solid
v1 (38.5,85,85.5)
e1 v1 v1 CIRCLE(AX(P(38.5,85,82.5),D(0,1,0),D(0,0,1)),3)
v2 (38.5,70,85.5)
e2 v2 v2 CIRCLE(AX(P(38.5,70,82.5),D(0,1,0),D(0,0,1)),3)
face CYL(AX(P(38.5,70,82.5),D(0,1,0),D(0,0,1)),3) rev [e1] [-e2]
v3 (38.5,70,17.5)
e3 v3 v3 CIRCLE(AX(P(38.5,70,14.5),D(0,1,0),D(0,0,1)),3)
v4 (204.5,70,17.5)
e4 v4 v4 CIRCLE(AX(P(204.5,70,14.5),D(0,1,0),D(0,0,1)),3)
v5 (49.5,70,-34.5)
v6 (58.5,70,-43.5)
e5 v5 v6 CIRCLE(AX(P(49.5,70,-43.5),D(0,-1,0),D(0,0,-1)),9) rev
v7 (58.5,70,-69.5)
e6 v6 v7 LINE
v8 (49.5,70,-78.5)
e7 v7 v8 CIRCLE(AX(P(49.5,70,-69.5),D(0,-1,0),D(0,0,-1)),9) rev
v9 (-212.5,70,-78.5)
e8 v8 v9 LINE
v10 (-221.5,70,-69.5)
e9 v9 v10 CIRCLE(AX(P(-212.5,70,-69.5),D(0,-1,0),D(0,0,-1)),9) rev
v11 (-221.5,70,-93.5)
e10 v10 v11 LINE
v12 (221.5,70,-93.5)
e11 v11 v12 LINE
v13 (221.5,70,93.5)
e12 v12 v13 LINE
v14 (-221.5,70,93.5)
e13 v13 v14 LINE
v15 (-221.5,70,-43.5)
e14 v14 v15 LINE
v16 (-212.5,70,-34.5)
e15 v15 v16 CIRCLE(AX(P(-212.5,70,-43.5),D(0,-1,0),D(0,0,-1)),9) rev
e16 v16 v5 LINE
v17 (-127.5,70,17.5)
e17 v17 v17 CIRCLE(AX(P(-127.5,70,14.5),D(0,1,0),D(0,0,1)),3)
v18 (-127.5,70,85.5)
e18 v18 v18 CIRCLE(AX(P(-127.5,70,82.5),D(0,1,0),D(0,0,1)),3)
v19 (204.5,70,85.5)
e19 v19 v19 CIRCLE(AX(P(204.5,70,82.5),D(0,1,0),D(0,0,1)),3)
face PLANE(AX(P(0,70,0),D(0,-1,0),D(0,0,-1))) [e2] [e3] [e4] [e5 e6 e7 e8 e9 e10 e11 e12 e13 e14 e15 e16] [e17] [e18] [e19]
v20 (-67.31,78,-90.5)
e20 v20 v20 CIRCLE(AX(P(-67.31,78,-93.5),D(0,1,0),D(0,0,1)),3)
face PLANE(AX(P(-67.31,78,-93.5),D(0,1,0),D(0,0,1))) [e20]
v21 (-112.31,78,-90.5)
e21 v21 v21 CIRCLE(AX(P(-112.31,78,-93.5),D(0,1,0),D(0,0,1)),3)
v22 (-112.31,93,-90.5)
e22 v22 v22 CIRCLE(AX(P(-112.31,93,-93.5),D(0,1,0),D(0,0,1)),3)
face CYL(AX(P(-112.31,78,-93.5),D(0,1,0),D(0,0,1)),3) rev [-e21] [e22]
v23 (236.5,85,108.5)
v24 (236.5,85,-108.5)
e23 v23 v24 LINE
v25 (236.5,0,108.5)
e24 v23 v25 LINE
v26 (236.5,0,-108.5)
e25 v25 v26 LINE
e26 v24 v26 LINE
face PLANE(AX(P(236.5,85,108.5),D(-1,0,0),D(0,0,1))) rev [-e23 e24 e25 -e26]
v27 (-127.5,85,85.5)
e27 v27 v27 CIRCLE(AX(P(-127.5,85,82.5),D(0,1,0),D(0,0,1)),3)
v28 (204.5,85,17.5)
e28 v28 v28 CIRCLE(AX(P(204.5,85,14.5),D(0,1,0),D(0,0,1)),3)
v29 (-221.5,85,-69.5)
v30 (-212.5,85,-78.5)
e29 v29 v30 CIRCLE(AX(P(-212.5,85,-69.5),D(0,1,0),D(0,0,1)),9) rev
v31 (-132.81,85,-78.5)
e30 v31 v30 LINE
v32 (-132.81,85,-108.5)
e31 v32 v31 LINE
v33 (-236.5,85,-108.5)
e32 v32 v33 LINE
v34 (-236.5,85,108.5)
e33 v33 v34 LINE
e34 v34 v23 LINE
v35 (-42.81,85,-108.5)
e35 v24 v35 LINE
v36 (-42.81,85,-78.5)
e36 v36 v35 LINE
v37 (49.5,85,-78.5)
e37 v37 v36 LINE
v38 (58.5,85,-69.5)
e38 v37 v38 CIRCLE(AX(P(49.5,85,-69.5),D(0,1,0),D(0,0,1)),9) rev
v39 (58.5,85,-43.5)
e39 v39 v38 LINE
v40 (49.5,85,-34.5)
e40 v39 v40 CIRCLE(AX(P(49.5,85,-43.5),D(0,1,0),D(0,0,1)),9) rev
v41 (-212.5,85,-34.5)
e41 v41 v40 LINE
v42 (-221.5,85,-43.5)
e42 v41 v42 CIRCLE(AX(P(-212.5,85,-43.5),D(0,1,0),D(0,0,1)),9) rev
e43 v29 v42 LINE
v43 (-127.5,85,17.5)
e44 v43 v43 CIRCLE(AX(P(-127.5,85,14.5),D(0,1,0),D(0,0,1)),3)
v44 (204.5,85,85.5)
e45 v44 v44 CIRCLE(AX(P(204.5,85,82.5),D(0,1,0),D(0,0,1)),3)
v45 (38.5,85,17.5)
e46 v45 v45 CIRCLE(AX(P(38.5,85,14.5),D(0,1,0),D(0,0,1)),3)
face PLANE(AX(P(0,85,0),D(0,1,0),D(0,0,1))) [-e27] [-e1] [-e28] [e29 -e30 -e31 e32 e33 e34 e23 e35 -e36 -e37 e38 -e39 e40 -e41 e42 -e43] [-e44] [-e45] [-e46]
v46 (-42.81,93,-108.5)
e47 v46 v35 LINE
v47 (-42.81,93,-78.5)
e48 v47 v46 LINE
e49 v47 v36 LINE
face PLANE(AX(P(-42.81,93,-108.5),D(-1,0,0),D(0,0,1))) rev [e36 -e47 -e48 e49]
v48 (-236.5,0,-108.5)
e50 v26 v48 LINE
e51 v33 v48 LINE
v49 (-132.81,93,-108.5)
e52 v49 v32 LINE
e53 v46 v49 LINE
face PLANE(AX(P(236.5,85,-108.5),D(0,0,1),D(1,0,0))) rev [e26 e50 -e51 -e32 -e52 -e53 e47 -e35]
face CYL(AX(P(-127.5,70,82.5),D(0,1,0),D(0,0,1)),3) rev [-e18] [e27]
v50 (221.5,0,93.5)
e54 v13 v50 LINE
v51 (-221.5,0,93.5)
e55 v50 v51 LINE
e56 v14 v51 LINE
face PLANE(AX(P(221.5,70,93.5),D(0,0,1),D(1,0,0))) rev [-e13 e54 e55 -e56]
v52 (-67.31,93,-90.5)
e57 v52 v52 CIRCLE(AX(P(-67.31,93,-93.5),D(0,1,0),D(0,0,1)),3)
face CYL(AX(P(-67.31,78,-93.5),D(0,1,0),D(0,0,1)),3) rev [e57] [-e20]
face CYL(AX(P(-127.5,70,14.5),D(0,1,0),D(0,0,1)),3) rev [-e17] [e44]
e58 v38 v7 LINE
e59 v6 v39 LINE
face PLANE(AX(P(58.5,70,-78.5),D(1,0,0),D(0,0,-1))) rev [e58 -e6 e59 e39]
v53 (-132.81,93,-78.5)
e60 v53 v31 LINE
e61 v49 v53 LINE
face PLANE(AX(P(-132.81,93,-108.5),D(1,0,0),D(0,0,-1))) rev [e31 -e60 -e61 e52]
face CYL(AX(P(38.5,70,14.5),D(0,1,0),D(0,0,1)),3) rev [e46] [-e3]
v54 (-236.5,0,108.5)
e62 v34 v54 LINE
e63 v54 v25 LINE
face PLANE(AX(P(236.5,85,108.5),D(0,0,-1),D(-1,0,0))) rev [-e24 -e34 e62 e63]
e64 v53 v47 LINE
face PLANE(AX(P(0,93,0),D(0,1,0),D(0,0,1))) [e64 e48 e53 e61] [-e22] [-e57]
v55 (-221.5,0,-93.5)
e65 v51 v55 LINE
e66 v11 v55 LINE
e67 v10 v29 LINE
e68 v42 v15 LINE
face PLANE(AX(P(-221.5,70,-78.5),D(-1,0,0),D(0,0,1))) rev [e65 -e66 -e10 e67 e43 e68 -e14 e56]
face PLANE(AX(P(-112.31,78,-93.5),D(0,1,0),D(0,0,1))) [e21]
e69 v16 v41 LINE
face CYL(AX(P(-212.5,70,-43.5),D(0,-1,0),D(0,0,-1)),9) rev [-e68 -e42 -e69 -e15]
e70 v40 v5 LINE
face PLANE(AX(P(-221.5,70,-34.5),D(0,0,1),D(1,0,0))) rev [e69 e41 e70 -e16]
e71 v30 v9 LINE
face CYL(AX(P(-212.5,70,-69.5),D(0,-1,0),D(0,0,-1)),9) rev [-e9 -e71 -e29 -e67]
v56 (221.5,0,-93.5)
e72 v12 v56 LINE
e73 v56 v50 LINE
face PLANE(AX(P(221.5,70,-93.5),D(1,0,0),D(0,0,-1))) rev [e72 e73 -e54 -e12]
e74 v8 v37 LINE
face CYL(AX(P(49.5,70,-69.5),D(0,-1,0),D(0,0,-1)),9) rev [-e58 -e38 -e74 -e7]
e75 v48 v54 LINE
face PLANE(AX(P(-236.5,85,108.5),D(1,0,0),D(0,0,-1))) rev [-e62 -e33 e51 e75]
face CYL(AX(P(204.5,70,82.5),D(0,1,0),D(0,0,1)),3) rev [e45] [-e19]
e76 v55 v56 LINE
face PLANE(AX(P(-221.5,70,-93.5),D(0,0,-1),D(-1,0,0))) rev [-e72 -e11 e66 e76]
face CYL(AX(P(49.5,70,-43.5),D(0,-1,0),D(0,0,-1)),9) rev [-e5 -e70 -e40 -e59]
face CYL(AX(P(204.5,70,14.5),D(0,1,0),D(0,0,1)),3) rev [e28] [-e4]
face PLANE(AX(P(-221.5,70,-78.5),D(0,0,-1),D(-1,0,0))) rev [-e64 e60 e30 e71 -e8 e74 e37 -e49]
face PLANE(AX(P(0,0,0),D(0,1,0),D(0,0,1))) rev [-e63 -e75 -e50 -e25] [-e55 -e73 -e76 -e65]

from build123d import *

# Parameters (mm, degrees)
SKETCH1_W           = 473
SKETCH1_H           = 217
BOSS_EXTRUDE1_DEPTH = 85
SKETCH2_W           = 280
SKETCH2_H           = 44
CUT_EXTRUDE1_DEPTH  = 15
SKETCH3_W           = 443
SKETCH3_H           = 187
CUT_EXTRUDE2_DEPTH  = 70
FILLET1_R           = 9
SKETCH4_W           = 90
SKETCH4_H           = 30
BOSS_EXTRUDE2_DEPTH = 8
SKETCH5_R           = 3
CUT_EXTRUDE3_DEPTH  = 15
SKETCH6_R           = 3
CUT_EXTRUDE4_DEPTH  = 15


with BuildPart() as part:
    # Sketch1 → Boss-Extrude1 (new body)
    with BuildSketch(Plane(origin=(0, 0, 0), x_dir=(1, 0, 0), z_dir=(0, 1, 0))):
        Rectangle(SKETCH1_W, SKETCH1_H)
    extrude(amount=BOSS_EXTRUDE1_DEPTH)

    # Sketch2 → Cut-Extrude1 (cut)
    with BuildSketch(Plane(origin=(0, 85, 0), x_dir=(1, 0, 0), z_dir=(0, 1, 0))):
        with Locations((-81.5, 56.5)):
            Rectangle(SKETCH2_W, SKETCH2_H)
    extrude(amount=-CUT_EXTRUDE1_DEPTH, mode=Mode.SUBTRACT)

    # Sketch3 → Cut-Extrude2 (cut)
    with BuildSketch(Plane.XZ):
        Rectangle(SKETCH3_W, SKETCH3_H)
    extrude(amount=-CUT_EXTRUDE2_DEPTH, mode=Mode.SUBTRACT)

    # Fillet1
    fillet1_edges = [part.edges().sort_by_distance(p)[0] for p in [
        (-221.5, 77.5, -34.5),
        (-221.5, 77.5, -78.5),
        (58.5, 77.5, -78.5),
        (58.5, 77.5, -34.5),
    ]]
    fillet(fillet1_edges, radius=FILLET1_R)

    # Sketch4 → Boss-Extrude2 (add)
    with BuildSketch(Plane(origin=(0, 85, 0), x_dir=(1, 0, 0), z_dir=(0, 1, 0))):
        with Locations((-87.81, 93.5)):
            Rectangle(SKETCH4_W, SKETCH4_H)
    extrude(amount=BOSS_EXTRUDE2_DEPTH)

    # Sketch5 → Cut-Extrude3 (cut)
    with BuildSketch(Plane(origin=(0, 93, 0), x_dir=(1, 0, 0), z_dir=(0, 1, 0))):
        with Locations(Location((-112.31, 93.5, 0), (0, 0, 270))):
            Circle(SKETCH5_R)
        with Locations(Location((-67.31, 93.5, 0), (0, 0, 270))):
            Circle(SKETCH5_R)
    extrude(amount=-CUT_EXTRUDE3_DEPTH, mode=Mode.SUBTRACT)

    # Sketch6 → Cut-Extrude4 (cut)
    with BuildSketch(Plane(origin=(0, 85, 0), x_dir=(1, 0, 0), z_dir=(0, 1, 0))):
        with Locations(Location((-127.5, -82.5, 0), (0, 0, 270))):
            Circle(SKETCH6_R)
        with Locations(Location((-127.5, -14.5, 0), (0, 0, 270))):
            Circle(SKETCH6_R)
        with Locations(Location((38.5, -14.5, 0), (0, 0, 270))):
            Circle(SKETCH6_R)
        with Locations(Location((204.5, -14.5, 0), (0, 0, 270))):
            Circle(SKETCH6_R)
        with Locations(Location((204.5, -82.5, 0), (0, 0, 270))):
            Circle(SKETCH6_R)
        with Locations(Location((38.5, -82.5, 0), (0, 0, 270))):
            Circle(SKETCH6_R)
    extrude(amount=-CUT_EXTRUDE4_DEPTH, mode=Mode.SUBTRACT)


solid = part.part
